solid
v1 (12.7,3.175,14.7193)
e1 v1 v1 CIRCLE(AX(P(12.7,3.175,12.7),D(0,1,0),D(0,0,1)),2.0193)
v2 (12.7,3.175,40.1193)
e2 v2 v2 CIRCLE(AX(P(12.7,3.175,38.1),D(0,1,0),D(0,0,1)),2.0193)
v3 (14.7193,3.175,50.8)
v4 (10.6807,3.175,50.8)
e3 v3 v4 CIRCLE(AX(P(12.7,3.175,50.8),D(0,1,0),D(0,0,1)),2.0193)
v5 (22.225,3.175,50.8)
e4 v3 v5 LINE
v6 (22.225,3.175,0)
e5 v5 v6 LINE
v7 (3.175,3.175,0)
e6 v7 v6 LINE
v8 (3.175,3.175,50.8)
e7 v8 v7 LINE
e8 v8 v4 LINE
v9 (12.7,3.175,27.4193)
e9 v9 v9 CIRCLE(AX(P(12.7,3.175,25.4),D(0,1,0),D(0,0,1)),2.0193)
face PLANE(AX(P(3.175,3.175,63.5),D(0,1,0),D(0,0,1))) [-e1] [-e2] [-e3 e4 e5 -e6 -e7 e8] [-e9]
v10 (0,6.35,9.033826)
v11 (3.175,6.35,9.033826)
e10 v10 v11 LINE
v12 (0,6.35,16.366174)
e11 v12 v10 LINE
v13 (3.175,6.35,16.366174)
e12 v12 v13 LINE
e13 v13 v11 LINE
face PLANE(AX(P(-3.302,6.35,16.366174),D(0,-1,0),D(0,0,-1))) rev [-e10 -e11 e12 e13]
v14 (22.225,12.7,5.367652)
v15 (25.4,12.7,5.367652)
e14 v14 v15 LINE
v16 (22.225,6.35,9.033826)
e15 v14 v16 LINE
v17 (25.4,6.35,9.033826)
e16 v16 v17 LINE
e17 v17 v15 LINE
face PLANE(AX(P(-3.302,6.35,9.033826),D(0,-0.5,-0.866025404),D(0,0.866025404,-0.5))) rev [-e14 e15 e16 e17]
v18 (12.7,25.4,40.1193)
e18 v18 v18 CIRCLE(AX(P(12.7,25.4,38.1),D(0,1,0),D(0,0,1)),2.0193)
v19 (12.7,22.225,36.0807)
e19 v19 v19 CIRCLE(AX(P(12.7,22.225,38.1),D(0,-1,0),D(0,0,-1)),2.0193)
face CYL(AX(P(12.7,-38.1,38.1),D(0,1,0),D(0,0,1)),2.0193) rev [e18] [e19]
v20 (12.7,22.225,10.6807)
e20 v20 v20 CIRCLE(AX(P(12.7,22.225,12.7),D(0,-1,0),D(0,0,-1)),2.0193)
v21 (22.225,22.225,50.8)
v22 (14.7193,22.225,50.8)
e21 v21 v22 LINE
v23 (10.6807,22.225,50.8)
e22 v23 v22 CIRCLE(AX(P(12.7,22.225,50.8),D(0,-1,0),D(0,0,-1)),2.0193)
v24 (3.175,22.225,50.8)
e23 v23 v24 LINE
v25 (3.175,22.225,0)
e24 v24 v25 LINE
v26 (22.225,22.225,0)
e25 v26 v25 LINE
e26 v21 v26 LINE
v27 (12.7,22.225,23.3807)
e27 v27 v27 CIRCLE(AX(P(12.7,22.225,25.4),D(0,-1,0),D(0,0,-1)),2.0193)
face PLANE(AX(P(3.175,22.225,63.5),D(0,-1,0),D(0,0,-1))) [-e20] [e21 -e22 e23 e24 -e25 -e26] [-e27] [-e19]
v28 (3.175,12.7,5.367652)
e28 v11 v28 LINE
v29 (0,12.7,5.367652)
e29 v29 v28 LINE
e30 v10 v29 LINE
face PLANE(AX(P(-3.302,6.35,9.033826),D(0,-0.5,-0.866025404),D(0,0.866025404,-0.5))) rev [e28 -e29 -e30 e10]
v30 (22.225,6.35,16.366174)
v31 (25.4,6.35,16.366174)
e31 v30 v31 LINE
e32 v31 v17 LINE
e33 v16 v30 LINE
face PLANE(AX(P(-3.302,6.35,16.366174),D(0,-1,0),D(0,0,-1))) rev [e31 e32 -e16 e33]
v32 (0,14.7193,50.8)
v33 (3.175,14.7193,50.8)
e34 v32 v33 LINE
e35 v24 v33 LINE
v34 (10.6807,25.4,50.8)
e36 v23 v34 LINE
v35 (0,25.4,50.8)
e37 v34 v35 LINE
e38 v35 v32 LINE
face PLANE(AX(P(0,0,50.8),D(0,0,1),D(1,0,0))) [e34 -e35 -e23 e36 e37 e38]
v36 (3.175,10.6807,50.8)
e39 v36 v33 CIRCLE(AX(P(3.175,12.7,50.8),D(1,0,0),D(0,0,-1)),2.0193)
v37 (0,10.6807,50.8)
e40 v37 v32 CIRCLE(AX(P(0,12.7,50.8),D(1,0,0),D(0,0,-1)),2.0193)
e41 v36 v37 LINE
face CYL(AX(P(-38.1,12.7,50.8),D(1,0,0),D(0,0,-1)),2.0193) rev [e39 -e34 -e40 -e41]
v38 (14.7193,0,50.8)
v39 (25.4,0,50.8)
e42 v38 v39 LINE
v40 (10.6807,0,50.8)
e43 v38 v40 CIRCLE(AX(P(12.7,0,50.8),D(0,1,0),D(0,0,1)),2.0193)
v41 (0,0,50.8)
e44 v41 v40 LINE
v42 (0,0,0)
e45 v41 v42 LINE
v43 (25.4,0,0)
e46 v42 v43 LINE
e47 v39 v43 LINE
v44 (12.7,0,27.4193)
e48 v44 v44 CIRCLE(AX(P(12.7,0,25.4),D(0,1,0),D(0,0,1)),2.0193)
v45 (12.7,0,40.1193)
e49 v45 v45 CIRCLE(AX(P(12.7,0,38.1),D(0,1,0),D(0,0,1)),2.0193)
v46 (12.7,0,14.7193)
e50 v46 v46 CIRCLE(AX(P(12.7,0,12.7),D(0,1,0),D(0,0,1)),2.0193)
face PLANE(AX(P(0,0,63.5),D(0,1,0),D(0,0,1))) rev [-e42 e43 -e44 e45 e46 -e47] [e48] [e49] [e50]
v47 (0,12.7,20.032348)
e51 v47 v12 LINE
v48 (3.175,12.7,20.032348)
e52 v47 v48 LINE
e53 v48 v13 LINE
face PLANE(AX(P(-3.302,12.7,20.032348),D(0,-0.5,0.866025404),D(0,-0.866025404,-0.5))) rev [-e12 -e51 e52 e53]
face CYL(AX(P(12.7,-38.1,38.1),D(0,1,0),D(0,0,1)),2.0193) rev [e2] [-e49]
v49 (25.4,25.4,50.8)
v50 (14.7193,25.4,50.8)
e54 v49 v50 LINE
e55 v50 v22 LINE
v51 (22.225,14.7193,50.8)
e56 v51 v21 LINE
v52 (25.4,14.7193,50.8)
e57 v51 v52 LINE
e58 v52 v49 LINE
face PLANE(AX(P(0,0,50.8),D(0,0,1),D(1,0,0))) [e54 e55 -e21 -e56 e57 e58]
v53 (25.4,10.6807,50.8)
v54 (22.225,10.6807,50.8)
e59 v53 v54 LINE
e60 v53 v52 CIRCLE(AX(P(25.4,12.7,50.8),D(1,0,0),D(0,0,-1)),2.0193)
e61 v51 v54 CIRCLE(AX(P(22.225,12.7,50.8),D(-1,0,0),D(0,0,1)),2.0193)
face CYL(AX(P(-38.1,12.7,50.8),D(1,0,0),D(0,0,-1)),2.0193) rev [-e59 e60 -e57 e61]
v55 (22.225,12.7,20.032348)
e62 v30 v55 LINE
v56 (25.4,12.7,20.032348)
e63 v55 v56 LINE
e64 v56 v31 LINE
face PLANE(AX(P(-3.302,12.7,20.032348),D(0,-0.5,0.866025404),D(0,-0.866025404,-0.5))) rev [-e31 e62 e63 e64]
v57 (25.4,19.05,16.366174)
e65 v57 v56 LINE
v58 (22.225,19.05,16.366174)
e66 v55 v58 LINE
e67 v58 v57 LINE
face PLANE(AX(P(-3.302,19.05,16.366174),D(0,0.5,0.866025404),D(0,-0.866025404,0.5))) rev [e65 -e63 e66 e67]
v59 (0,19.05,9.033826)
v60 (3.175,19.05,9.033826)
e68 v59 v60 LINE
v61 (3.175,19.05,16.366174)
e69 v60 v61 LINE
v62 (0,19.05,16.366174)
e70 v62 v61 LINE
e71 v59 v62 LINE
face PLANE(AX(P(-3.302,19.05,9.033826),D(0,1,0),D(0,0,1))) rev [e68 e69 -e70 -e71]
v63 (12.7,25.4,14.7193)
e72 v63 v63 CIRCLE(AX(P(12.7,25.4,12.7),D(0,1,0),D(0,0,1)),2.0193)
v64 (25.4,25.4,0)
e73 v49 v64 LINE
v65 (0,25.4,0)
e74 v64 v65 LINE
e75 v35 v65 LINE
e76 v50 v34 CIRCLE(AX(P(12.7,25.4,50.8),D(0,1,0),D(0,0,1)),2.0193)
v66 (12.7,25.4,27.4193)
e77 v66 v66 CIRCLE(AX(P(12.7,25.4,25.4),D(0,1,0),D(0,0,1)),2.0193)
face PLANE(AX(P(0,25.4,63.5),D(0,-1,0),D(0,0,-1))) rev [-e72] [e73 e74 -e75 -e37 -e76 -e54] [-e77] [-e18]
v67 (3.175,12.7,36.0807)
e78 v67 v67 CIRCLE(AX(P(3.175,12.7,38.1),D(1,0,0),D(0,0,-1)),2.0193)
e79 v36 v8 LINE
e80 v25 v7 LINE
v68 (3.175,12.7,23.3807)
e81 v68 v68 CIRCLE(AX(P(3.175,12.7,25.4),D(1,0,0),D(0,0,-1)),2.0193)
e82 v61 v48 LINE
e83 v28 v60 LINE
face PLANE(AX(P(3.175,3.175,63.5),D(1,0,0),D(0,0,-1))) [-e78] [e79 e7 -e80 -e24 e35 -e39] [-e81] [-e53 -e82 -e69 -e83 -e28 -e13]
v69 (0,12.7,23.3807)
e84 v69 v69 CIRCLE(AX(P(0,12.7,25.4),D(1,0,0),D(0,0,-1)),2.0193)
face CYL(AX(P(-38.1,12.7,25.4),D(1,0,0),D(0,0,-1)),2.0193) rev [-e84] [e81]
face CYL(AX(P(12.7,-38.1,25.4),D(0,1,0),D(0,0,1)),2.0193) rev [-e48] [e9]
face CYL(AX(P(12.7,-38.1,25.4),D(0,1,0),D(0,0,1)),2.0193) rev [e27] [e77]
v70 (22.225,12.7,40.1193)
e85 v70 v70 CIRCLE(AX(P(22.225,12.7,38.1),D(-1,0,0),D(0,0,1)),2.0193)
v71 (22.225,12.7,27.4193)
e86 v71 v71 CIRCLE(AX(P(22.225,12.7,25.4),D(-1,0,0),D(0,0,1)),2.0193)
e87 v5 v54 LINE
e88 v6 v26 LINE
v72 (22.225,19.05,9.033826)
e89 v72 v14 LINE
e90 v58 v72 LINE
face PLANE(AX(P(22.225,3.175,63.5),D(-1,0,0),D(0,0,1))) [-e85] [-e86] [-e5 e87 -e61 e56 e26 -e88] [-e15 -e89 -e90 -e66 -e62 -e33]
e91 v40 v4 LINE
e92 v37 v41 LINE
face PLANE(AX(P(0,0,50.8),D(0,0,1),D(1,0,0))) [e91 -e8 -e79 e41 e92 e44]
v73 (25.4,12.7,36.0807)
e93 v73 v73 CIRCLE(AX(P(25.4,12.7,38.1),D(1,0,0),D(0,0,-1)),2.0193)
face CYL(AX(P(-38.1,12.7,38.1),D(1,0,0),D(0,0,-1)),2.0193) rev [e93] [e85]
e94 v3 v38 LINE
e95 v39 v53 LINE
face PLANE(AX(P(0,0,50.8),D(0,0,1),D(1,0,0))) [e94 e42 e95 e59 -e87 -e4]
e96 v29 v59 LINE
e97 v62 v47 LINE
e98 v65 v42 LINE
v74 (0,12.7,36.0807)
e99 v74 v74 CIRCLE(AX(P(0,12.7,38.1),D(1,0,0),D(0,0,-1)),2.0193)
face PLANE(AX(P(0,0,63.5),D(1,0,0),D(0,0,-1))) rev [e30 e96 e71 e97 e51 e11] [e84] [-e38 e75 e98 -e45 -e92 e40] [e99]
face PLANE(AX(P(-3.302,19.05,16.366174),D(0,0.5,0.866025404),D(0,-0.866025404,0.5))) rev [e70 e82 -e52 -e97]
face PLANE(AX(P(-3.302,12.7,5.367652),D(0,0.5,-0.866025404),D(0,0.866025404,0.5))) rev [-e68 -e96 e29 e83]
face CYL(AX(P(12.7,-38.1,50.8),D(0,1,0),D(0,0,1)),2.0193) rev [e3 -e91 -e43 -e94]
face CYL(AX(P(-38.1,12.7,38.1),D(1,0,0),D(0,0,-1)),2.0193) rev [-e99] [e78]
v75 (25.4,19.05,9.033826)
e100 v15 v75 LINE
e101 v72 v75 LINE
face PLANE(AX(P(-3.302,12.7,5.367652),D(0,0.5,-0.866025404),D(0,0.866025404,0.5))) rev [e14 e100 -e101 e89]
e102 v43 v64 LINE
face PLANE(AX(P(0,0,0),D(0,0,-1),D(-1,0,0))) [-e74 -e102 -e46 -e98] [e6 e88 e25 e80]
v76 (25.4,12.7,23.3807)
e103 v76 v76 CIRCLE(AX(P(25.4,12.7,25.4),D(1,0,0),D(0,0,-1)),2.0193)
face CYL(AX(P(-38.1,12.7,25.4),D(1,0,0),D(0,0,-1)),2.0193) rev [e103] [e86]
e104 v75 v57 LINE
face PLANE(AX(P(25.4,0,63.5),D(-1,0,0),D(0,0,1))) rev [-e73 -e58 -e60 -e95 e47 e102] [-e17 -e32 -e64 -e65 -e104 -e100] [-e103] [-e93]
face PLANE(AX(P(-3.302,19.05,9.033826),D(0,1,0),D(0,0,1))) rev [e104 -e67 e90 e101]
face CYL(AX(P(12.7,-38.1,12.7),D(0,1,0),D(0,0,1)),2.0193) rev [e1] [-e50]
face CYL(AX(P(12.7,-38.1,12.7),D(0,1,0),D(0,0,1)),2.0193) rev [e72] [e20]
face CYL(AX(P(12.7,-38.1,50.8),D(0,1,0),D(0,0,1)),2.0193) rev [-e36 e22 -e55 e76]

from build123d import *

# Parameters (mm, degrees)
SKETCH1_W           = 25.4
SKETCH1_H           = 25.4
SKETCH1_W_2         = 19.05
SKETCH1_H_2         = 19.05
BOSS_EXTRUDE1_DEPTH = 63.5
SKETCH2_R           = 2.0193
CUT_EXTRUDE1_DEPTH  = 63.5
SKETCH3_R           = 2.0193
CUT_EXTRUDE2_DEPTH  = 63.5
CUT_EXTRUDE3_DEPTH  = 28.702
SKETCH5_W           = 25.4
SKETCH5_H           = 25.4
CUT_EXTRUDE4_DEPTH  = 12.7


with BuildPart() as part:
    # Sketch1 → Boss-Extrude1 (new body)
    with BuildSketch(Plane.XY):
        with Locations((12.7, 12.7)):
            Rectangle(SKETCH1_W, SKETCH1_H)
        with Locations((12.7, 12.7)):
            Rectangle(SKETCH1_W_2, SKETCH1_H_2, mode=Mode.SUBTRACT)
    extrude(amount=BOSS_EXTRUDE1_DEPTH)

    # Sketch2 → Cut-Extrude1 (cut)
    with BuildSketch(Plane(origin=(0, 25.4, 0), x_dir=(1, 0, 0), z_dir=(0, 1, 0))):
        with Locations((12.7, -50.8)):
            Circle(SKETCH2_R)
        with Locations((12.7, -38.1)):
            Circle(SKETCH2_R)
        with Locations((12.7, -25.4)):
            Circle(SKETCH2_R)
        with Locations((12.7, -12.7)):
            Circle(SKETCH2_R)
    extrude(amount=-CUT_EXTRUDE1_DEPTH, mode=Mode.SUBTRACT)

    # Sketch3 → Cut-Extrude2 (cut)
    with BuildSketch(Plane(origin=(25.4, 0, 0), x_dir=(0, 0, -1), z_dir=(1, 0, 0))):
        with Locations((-50.8, 12.7)):
            Circle(SKETCH3_R)
        with Locations((-38.1, 12.7)):
            Circle(SKETCH3_R)
        with Locations((-25.4, 12.7)):
            Circle(SKETCH3_R)
        with Locations((-12.7, 12.7)):
            Circle(SKETCH3_R)
    extrude(amount=-CUT_EXTRUDE2_DEPTH, mode=Mode.SUBTRACT)

    # Sketch4 → Cut-Extrude3 (cut)
    with BuildSketch(Plane(origin=(25.4, 0, 0), x_dir=(0, 0, -1), z_dir=(1, 0, 0))):
        Polygon((-9.033825791, 19.05), (-16.366174209, 19.05), (-20.032348419, 12.7), (-16.366174209, 6.35), (-9.033825791, 6.35), (-5.367651581, 12.7), align=None)
    extrude(amount=-CUT_EXTRUDE3_DEPTH, mode=Mode.SUBTRACT)

    # Sketch5 → Cut-Extrude4 (cut)
    with BuildSketch(Plane.XY.offset(63.5)):
        with Locations((12.7, 12.7)):
            Rectangle(SKETCH5_W, SKETCH5_H)
    extrude(amount=-CUT_EXTRUDE4_DEPTH, mode=Mode.SUBTRACT)


solid = part.part
